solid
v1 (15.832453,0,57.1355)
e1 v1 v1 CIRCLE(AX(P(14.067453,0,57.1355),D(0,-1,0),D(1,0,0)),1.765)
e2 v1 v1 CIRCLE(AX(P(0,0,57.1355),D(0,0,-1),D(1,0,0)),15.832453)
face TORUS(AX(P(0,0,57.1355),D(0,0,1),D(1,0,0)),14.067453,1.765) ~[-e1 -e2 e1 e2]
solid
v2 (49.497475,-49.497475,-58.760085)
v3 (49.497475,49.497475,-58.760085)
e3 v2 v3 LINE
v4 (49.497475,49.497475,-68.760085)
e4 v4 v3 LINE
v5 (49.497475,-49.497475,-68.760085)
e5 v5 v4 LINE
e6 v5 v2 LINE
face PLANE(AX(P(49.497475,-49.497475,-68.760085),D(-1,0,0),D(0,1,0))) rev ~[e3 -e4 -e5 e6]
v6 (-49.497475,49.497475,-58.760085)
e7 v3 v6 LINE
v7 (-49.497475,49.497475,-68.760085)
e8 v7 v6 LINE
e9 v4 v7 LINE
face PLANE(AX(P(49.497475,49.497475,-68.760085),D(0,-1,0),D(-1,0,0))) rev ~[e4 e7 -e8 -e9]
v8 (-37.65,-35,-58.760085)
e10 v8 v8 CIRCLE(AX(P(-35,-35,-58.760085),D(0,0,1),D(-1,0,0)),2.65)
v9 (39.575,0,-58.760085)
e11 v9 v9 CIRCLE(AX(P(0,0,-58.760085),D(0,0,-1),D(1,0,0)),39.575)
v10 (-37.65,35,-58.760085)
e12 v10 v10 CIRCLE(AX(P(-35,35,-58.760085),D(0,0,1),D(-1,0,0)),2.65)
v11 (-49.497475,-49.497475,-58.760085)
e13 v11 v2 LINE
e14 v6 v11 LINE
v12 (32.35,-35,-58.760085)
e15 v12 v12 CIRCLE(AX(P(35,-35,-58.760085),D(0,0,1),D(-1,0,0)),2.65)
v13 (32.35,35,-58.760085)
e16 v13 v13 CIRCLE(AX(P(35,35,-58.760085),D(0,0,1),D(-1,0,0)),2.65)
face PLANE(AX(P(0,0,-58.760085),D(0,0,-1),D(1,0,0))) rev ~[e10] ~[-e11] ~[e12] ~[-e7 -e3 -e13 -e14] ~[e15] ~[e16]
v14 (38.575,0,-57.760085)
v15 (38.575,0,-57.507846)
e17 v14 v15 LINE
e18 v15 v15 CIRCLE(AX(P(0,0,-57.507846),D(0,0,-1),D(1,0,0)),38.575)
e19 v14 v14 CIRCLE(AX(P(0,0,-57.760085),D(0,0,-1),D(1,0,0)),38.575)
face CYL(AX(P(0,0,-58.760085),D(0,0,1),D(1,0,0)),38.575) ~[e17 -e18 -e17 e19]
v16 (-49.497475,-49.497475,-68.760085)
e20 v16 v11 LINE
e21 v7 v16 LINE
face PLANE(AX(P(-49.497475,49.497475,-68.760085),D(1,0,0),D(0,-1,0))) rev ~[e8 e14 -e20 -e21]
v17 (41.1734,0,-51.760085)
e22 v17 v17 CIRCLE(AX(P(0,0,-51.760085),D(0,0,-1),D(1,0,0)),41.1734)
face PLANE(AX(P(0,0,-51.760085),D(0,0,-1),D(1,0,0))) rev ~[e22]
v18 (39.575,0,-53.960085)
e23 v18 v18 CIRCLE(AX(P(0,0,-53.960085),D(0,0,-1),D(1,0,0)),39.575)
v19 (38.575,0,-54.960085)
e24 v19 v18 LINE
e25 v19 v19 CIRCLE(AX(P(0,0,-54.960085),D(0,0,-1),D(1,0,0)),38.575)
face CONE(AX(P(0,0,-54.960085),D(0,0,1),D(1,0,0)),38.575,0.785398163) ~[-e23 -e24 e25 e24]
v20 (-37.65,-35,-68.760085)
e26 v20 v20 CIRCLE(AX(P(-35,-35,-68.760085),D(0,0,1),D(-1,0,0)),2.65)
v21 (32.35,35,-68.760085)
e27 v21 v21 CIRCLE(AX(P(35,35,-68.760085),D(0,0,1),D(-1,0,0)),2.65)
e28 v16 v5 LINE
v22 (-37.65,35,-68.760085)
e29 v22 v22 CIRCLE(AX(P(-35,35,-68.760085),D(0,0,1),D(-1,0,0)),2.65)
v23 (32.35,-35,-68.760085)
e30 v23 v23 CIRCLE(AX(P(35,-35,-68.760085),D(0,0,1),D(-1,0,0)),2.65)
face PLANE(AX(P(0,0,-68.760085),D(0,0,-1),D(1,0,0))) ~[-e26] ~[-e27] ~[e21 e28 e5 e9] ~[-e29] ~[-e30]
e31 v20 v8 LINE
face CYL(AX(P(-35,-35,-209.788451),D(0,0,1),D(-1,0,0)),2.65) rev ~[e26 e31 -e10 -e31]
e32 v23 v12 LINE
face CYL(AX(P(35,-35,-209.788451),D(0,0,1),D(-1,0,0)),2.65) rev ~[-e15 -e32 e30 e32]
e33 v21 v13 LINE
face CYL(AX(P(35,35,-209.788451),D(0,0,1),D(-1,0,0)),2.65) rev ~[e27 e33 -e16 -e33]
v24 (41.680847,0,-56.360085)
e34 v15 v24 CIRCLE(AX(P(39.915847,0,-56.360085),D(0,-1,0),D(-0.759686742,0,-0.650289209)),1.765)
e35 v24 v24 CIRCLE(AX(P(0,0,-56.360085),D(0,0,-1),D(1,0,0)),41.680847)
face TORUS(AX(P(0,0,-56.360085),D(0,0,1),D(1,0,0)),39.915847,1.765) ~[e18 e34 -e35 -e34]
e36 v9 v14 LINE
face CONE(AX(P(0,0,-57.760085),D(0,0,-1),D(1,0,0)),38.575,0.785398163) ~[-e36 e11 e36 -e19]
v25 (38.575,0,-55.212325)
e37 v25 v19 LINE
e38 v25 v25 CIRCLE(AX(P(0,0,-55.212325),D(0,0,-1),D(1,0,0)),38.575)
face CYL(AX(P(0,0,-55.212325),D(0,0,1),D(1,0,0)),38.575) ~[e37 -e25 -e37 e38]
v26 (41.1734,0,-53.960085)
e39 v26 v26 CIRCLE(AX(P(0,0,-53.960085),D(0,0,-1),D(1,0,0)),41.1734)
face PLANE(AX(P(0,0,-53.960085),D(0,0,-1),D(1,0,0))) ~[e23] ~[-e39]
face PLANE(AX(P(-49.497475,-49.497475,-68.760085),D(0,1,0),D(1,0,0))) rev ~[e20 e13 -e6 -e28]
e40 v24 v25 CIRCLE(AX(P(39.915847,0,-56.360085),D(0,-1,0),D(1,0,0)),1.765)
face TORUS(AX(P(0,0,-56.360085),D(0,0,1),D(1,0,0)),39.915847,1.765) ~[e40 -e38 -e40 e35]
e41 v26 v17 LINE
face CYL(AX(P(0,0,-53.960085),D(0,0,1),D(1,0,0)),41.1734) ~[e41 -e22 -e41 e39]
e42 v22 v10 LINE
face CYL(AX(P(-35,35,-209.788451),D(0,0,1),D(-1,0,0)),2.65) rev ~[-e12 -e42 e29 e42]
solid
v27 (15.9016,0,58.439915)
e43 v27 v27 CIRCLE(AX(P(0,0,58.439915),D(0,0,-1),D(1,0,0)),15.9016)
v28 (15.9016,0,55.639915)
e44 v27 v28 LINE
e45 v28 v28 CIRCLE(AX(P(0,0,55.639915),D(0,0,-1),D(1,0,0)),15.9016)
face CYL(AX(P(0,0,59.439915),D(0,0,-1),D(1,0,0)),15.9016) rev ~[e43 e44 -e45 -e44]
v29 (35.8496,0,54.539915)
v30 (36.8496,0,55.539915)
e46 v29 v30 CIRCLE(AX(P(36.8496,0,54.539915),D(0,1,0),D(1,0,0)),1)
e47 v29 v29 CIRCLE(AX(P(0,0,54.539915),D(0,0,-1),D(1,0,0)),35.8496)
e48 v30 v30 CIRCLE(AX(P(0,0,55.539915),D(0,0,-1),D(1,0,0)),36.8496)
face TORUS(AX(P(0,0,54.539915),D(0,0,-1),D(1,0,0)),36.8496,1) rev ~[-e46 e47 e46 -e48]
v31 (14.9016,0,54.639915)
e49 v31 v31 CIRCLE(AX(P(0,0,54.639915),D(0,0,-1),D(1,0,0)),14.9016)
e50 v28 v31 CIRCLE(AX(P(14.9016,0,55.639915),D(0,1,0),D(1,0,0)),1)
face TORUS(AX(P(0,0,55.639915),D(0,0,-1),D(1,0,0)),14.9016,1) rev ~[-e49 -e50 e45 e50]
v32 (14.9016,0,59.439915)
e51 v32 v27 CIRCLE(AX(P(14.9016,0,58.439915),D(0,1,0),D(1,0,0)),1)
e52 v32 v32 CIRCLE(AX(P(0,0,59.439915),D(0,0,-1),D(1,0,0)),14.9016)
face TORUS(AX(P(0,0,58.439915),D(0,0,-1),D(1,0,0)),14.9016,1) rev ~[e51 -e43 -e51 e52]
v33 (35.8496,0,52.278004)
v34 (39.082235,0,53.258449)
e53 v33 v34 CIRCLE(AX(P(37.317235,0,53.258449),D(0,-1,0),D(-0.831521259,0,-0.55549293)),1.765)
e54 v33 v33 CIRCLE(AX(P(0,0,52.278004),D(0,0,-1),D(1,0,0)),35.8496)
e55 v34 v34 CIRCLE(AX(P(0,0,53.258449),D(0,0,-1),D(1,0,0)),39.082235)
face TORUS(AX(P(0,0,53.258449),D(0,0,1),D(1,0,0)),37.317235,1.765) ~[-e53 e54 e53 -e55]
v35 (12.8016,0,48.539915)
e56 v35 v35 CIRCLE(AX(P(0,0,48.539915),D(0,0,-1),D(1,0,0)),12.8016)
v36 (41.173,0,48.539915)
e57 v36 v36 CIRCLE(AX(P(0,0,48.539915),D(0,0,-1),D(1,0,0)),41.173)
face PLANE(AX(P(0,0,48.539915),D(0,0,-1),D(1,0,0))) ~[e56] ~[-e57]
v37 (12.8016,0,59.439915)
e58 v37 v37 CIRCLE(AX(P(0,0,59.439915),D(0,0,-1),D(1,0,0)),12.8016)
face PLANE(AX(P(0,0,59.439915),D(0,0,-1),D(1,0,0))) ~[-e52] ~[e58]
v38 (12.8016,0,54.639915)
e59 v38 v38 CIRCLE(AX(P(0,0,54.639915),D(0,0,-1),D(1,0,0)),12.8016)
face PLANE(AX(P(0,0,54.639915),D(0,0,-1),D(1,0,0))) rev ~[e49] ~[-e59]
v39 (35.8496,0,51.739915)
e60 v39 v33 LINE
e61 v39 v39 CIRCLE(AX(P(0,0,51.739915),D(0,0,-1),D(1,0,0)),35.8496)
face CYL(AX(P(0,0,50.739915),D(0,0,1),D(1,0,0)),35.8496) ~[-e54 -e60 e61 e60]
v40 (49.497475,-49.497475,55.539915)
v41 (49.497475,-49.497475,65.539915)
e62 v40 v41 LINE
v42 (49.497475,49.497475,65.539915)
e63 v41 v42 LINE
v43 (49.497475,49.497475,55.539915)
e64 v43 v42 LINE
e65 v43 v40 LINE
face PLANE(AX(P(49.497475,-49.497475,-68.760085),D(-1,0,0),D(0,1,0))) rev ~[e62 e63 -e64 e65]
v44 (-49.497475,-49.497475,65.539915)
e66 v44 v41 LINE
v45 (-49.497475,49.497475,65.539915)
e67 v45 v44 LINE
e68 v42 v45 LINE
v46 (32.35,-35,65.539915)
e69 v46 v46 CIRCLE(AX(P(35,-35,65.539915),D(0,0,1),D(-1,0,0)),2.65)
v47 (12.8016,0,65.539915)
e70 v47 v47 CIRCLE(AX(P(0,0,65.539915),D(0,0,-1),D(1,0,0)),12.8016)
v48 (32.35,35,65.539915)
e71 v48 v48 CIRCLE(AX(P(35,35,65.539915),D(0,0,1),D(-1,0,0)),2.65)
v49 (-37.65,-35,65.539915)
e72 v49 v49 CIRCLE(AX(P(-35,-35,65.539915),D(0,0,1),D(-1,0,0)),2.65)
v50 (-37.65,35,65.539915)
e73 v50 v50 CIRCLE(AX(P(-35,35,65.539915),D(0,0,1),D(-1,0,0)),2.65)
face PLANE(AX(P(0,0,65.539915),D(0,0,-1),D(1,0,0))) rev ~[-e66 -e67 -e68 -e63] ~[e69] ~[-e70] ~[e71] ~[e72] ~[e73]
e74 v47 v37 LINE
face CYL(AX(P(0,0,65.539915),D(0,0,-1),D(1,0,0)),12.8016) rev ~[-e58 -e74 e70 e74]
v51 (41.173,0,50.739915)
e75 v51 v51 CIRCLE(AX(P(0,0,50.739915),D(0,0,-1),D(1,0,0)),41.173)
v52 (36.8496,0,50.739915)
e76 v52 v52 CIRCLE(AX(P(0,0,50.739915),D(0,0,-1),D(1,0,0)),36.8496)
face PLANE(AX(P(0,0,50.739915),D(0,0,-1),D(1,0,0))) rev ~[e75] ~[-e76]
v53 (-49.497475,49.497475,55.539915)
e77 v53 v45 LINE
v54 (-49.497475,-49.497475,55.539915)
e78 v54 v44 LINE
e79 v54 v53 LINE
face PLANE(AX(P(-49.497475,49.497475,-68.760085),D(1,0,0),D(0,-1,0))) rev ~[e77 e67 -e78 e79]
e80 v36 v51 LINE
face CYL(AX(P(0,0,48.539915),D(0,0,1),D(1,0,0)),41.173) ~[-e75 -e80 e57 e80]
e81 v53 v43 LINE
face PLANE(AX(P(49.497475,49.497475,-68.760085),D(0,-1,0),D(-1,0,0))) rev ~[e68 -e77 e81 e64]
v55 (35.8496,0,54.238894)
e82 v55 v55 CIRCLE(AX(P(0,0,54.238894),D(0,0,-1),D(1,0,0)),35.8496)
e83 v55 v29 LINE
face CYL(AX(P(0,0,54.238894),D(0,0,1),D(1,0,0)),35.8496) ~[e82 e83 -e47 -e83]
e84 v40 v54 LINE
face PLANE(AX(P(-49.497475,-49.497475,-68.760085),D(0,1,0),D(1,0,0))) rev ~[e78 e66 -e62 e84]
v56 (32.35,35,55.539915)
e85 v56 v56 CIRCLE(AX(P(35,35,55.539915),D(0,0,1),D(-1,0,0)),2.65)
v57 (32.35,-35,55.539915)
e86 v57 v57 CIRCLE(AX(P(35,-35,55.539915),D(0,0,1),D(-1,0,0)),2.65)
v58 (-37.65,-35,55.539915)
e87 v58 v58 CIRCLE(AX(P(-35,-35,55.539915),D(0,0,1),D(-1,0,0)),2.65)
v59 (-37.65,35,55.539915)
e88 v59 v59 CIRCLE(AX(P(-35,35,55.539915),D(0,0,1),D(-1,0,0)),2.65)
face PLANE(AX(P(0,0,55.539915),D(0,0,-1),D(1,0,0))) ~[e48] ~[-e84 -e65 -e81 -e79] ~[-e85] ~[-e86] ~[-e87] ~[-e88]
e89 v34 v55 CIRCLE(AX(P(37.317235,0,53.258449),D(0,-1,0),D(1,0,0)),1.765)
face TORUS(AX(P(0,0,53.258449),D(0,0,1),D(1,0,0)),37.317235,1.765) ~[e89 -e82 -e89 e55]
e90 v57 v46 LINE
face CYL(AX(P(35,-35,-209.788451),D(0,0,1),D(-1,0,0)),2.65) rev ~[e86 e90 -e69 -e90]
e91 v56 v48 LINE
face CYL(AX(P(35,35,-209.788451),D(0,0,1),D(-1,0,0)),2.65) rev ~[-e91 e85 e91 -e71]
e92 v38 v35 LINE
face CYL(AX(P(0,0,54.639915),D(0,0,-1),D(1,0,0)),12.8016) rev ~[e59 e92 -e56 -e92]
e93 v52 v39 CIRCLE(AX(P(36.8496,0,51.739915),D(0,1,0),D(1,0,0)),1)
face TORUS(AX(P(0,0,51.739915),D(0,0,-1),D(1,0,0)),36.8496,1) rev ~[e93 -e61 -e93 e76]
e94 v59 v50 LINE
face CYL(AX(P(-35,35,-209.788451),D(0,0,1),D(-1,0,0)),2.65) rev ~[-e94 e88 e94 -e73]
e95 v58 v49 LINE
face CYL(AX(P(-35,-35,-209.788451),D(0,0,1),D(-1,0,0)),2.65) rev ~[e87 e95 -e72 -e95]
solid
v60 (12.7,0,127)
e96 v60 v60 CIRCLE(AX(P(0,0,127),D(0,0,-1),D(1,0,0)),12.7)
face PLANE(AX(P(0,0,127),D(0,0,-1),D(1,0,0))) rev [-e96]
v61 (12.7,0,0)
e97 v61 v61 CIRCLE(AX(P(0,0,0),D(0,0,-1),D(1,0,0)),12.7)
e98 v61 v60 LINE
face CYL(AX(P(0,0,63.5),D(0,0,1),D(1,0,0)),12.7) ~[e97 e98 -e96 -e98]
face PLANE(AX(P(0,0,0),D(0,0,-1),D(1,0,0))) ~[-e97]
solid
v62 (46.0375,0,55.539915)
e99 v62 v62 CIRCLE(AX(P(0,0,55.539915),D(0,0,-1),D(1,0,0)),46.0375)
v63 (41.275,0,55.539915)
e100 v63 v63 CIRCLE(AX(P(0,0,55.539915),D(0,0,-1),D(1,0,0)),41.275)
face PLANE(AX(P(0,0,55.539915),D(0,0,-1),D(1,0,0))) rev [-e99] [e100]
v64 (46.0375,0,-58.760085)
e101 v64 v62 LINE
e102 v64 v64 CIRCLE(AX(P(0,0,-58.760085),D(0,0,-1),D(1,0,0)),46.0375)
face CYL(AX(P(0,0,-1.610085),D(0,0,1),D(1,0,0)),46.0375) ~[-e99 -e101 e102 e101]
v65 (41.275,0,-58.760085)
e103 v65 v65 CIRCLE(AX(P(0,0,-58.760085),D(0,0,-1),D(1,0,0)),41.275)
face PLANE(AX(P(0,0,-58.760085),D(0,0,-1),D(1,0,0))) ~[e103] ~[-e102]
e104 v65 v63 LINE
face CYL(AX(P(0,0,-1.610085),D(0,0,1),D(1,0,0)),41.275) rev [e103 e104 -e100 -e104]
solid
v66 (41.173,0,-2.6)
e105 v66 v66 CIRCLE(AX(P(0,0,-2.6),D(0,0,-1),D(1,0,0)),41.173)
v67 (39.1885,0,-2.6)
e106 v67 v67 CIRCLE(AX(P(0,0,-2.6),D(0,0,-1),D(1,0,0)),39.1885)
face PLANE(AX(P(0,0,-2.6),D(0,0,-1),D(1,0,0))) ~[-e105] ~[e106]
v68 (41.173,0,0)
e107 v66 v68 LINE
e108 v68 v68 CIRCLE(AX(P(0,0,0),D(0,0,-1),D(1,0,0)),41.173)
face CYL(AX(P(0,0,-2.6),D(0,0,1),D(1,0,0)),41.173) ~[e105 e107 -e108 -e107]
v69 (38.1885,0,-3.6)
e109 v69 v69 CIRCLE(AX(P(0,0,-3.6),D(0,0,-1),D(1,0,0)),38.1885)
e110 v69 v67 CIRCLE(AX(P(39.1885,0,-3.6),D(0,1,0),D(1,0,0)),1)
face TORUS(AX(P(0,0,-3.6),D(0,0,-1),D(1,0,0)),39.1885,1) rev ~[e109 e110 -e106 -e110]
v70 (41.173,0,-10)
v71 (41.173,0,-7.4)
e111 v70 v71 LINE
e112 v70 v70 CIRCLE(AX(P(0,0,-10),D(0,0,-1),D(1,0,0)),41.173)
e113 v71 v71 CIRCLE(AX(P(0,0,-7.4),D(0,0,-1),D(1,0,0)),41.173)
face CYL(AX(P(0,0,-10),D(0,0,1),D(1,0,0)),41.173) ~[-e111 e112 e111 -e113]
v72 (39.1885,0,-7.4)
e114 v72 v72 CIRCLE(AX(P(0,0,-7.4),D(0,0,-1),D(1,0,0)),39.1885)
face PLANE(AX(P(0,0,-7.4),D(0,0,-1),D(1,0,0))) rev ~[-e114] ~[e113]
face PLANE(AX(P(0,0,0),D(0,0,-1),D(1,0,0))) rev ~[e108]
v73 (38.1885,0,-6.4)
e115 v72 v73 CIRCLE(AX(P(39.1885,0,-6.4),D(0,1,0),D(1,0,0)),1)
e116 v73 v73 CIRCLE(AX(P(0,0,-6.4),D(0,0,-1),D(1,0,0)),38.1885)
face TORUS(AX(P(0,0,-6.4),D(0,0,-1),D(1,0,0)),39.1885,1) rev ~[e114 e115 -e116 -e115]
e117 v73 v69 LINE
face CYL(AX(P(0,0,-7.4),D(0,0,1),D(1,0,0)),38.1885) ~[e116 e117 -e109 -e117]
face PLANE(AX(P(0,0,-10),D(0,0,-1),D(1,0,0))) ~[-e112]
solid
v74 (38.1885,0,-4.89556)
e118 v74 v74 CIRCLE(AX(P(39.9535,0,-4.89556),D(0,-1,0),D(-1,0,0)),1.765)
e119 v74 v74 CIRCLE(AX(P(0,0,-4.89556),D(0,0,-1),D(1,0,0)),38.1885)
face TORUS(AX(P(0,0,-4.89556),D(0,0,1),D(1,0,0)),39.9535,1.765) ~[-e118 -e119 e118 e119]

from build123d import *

# Parameters (mm, degrees)
F6_R      = 1
F4_R      = 1.765
F8_R      = 1
F10_SIZE  = 1
F1_W      = 12.7
F1_H      = 127
F12_R     = 1
F2_W      = 4.7625
F2_H      = 114.3
F15_DEPTH = 195.7610851546
F17_D     = 5.3
F17_2_D   = 5.3


with BuildPart() as f5:
    # F3 (on Front) → F5 (revolve)
    with BuildSketch(Plane.XZ):
        Polygon((41.173, 0), (0, 0), (0, -10), (41.173, -10), (41.173, -7.4), (38.1885, -7.4), (38.1885, -4.8955604434), (38.1885, -2.6), (41.173, -2.6), align=None)
    revolve(axis=Axis((0, 0, 5.924846977), (0, 0, -1)))

    # F6
    f6_edges = [f5.edges().sort_by_distance(p)[0] for p in [
        (-38.1885, 0, -7.4),
        (-38.1885, 0, -2.6),
    ]]
    fillet(f6_edges, radius=F6_R)


with BuildPart() as f5b:
    # F3 (on Front) → F5, piece 2 (revolve)
    with BuildSketch(Plane.XZ):
        with BuildLine():
            ThreePointArc((41.7185, -4.8955604434), (39.9535, -3.1305604434), (38.1885, -4.8955604434))
            ThreePointArc((38.1885, -4.8955604434), (39.9535, -6.6605604434), (41.7185, -4.8955604434))
        make_face()
    revolve(axis=Axis((0, 0, 5.924846977), (0, 0, -1)))


with BuildPart() as f7:
    # F4 (on Front) → F7 (revolve)
    with BuildSketch(Plane.XZ):
        with Locations((14.0674533322, 57.1355000138)):
            Circle(F4_R)
    revolve(axis=Axis((0, 0, 5.924846977), (0, 0, -1)))


with BuildPart() as f7b:
    # F4 (on Front) → F7, piece 2 (revolve)
    with BuildSketch(Plane.XZ):
        with BuildLine():
            ThreePointArc((35.8496, 54.2388938605), (35.5522350228, 53.2584488392), (35.8496, 52.2780038178))
            Line((35.8496, 52.2780038178), (35.8496, 54.2388938605))
        make_face()
        with BuildLine():
            Line((35.8496, 54.2388938605), (35.8496, 52.2780038178))
            ThreePointArc((35.8496, 52.2780038178), (37.8295089655, 51.5694253321), (39.0822350228, 53.2584488392))
            ThreePointArc((39.0822350228, 53.2584488392), (37.8295089655, 54.9474723463), (35.8496, 54.2388938605))
        make_face()
        with BuildLine():
            Line((41.173, 50.7399148454), (35.8496, 50.7399148454))
            Line((35.8496, 50.7399148454), (35.8496, 52.2780038178))
            ThreePointArc((35.8496, 52.2780038178), (35.5522350228, 53.2584488392), (35.8496, 54.2388938605))
            Line((35.8496, 54.2388938605), (35.8496, 55.5399148454))
            Line((35.8496, 55.5399148454), (70, 55.5399148454))
            Line((70, 55.5399148454), (70, 65.5399148454))
            Line((70, 65.5399148454), (12.8016, 65.5399148454))
            Line((12.8016, 65.5399148454), (12.8016, 59.4399148454))
            Line((12.8016, 59.4399148454), (15.9016, 59.4399148454))
            Line((15.9016, 59.4399148454), (15.9016, 54.6399148454))
            Line((15.9016, 54.6399148454), (12.8016, 54.6399148454))
            Line((12.8016, 54.6399148454), (12.8016, 48.5399148454))
            Line((12.8016, 48.5399148454), (41.173, 48.5399148454))
            Line((41.173, 48.5399148454), (41.173, 50.7399148454))
        make_face()
    revolve(axis=Axis((0, 0, 5.924846977), (0, 0, -1)))

    # F8
    f8_edges = [f7b.edges().sort_by_distance(p)[0] for p in [
        (-35.8496, 0, 55.539915),
        (-35.8496, 0, 50.739915),
    ]]
    fillet(f8_edges, radius=F8_R)

    # F12
    f12_edges = [f7b.edges().sort_by_distance(p)[0] for p in [
        (-15.9016, 0, 59.439915),
        (-15.9016, 0, 54.639915),
    ]]
    fillet(f12_edges, radius=F12_R)


with BuildPart() as f9:
    # F4 (on Front) → F9 (revolve)
    with BuildSketch(Plane.XZ):
        with BuildLine():
            Line((38.575, -57.5078456077), (38.575, -55.2123247016))
            ThreePointArc((38.575, -55.2123247016), (38.1508470988, -56.3600851546), (38.575, -57.5078456077))
        make_face()
        with BuildLine():
            ThreePointArc((41.6808470988, -56.3600851546), (40.5276599258, -54.7045157466), (38.575, -55.2123247016))
            Line((38.575, -55.2123247016), (38.575, -57.5078456077))
            ThreePointArc((38.575, -57.5078456077), (40.5276599258, -58.0156545626), (41.6808470988, -56.3600851546))
        make_face()
        with BuildLine():
            Line((41.1734, -51.7600851546), (0, -51.7600851546))
            Line((0, -51.7600851546), (0, -68.7600851546))
            Line((0, -68.7600851546), (70, -68.7600851546))
            Line((70, -68.7600851546), (70, -58.7600851546))
            Line((70, -58.7600851546), (38.575, -58.7600851546))
            Line((38.575, -58.7600851546), (38.575, -57.5078456077))
            ThreePointArc((38.575, -57.5078456077), (38.1508470988, -56.3600851546), (38.575, -55.2123247016))
            Line((38.575, -55.2123247016), (38.575, -53.9600851546))
            Line((38.575, -53.9600851546), (41.1734, -53.9600851546))
            Line((41.1734, -53.9600851546), (41.1734, -51.7600851546))
        make_face()
    revolve(axis=Axis((0, 0, 5.924846977), (0, 0, -1)))

    # F10
    f10_edges = [f9.edges().sort_by_distance(p)[0] for p in [
        (-38.575, 0, -53.960085),
        (-38.575, 0, -58.760085),
    ]]
    chamfer(f10_edges, length=F10_SIZE)


with BuildPart() as f11:
    # F1 (on Front) → F11 (revolve)
    with BuildSketch(Plane.XZ):
        with Locations((6.35, 63.5)):
            Rectangle(F1_W, F1_H)
    revolve(axis=Axis((0, 0, 5.924846977), (0, 0, -1)))


with BuildPart() as f13:
    # F2 (on Front) → F13 (revolve)
    with BuildSketch(Plane.XZ):
        with Locations((43.65625, -1.6100851546)):
            Rectangle(F2_W, F2_H)
    revolve(axis=Axis((0, 0, 5.924846977), (0, 0, -1)))


with BuildPart() as f15_tool:
    # F14 (on face) → F15 (new body, through all)
    with BuildSketch(Plane(origin=(0, 0, -68.7600851546), x_dir=(1, 0, 0), z_dir=(0, 0, -1))):
        with BuildLine():
            Line((-49.4974746831, 49.4974746831), (49.4974746831, 49.4974746831))
            ThreePointArc((49.4974746831, 49.4974746831), (0, 70), (-49.4974746831, 49.4974746831))
        make_face()
        with BuildLine():
            Line((-49.4974746831, -49.4974746831), (-49.4974746831, 49.4974746831))
            ThreePointArc((-49.4974746831, 49.4974746831), (-70, 0), (-49.4974746831, -49.4974746831))
        make_face()
        with BuildLine():
            ThreePointArc((70, 0), (64.6715672758, 26.7878402656), (49.4974746831, 49.4974746831))
            Line((49.4974746831, 49.4974746831), (49.4974746831, -49.4974746831))
            ThreePointArc((49.4974746831, -49.4974746831), (64.6715672758, -26.7878402656), (70, 0))
        make_face()
        with BuildLine():
            ThreePointArc((-49.4974746831, -49.4974746831), (0, -70), (49.4974746831, -49.4974746831))
            Line((49.4974746831, -49.4974746831), (-49.4974746831, -49.4974746831))
        make_face()
    extrude(amount=-F15_DEPTH)


with BuildPart() as f7b_1:
    add(f7b.part)

    # F15: cut by f15_tool
    add(f15_tool.part, mode=Mode.SUBTRACT)

    # F17 (through all)
    with Locations(Plane(origin=(0, 0, -68.7600851546), x_dir=(1, 0, 0), z_dir=(0, 0, -1))):
        with Locations((-35, 35), (35, 35), (35, -35), (-35, -35)):
            Hole(F17_D / 2)


with BuildPart() as f9_1:
    add(f9.part)

    # F15: cut by f15_tool
    add(f15_tool.part, mode=Mode.SUBTRACT)

    # F17#2 (through all)
    with Locations(Plane(origin=(0, 0, -68.7600851546), x_dir=(1, 0, 0), z_dir=(0, 0, -1))):
        with Locations((-35, 35), (35, 35), (35, -35), (-35, -35)):
            Hole(F17_2_D / 2)


solid = Compound([f5.part, f5b.part, f7.part, f11.part, f13.part, f7b_1.part, f9_1.part])
